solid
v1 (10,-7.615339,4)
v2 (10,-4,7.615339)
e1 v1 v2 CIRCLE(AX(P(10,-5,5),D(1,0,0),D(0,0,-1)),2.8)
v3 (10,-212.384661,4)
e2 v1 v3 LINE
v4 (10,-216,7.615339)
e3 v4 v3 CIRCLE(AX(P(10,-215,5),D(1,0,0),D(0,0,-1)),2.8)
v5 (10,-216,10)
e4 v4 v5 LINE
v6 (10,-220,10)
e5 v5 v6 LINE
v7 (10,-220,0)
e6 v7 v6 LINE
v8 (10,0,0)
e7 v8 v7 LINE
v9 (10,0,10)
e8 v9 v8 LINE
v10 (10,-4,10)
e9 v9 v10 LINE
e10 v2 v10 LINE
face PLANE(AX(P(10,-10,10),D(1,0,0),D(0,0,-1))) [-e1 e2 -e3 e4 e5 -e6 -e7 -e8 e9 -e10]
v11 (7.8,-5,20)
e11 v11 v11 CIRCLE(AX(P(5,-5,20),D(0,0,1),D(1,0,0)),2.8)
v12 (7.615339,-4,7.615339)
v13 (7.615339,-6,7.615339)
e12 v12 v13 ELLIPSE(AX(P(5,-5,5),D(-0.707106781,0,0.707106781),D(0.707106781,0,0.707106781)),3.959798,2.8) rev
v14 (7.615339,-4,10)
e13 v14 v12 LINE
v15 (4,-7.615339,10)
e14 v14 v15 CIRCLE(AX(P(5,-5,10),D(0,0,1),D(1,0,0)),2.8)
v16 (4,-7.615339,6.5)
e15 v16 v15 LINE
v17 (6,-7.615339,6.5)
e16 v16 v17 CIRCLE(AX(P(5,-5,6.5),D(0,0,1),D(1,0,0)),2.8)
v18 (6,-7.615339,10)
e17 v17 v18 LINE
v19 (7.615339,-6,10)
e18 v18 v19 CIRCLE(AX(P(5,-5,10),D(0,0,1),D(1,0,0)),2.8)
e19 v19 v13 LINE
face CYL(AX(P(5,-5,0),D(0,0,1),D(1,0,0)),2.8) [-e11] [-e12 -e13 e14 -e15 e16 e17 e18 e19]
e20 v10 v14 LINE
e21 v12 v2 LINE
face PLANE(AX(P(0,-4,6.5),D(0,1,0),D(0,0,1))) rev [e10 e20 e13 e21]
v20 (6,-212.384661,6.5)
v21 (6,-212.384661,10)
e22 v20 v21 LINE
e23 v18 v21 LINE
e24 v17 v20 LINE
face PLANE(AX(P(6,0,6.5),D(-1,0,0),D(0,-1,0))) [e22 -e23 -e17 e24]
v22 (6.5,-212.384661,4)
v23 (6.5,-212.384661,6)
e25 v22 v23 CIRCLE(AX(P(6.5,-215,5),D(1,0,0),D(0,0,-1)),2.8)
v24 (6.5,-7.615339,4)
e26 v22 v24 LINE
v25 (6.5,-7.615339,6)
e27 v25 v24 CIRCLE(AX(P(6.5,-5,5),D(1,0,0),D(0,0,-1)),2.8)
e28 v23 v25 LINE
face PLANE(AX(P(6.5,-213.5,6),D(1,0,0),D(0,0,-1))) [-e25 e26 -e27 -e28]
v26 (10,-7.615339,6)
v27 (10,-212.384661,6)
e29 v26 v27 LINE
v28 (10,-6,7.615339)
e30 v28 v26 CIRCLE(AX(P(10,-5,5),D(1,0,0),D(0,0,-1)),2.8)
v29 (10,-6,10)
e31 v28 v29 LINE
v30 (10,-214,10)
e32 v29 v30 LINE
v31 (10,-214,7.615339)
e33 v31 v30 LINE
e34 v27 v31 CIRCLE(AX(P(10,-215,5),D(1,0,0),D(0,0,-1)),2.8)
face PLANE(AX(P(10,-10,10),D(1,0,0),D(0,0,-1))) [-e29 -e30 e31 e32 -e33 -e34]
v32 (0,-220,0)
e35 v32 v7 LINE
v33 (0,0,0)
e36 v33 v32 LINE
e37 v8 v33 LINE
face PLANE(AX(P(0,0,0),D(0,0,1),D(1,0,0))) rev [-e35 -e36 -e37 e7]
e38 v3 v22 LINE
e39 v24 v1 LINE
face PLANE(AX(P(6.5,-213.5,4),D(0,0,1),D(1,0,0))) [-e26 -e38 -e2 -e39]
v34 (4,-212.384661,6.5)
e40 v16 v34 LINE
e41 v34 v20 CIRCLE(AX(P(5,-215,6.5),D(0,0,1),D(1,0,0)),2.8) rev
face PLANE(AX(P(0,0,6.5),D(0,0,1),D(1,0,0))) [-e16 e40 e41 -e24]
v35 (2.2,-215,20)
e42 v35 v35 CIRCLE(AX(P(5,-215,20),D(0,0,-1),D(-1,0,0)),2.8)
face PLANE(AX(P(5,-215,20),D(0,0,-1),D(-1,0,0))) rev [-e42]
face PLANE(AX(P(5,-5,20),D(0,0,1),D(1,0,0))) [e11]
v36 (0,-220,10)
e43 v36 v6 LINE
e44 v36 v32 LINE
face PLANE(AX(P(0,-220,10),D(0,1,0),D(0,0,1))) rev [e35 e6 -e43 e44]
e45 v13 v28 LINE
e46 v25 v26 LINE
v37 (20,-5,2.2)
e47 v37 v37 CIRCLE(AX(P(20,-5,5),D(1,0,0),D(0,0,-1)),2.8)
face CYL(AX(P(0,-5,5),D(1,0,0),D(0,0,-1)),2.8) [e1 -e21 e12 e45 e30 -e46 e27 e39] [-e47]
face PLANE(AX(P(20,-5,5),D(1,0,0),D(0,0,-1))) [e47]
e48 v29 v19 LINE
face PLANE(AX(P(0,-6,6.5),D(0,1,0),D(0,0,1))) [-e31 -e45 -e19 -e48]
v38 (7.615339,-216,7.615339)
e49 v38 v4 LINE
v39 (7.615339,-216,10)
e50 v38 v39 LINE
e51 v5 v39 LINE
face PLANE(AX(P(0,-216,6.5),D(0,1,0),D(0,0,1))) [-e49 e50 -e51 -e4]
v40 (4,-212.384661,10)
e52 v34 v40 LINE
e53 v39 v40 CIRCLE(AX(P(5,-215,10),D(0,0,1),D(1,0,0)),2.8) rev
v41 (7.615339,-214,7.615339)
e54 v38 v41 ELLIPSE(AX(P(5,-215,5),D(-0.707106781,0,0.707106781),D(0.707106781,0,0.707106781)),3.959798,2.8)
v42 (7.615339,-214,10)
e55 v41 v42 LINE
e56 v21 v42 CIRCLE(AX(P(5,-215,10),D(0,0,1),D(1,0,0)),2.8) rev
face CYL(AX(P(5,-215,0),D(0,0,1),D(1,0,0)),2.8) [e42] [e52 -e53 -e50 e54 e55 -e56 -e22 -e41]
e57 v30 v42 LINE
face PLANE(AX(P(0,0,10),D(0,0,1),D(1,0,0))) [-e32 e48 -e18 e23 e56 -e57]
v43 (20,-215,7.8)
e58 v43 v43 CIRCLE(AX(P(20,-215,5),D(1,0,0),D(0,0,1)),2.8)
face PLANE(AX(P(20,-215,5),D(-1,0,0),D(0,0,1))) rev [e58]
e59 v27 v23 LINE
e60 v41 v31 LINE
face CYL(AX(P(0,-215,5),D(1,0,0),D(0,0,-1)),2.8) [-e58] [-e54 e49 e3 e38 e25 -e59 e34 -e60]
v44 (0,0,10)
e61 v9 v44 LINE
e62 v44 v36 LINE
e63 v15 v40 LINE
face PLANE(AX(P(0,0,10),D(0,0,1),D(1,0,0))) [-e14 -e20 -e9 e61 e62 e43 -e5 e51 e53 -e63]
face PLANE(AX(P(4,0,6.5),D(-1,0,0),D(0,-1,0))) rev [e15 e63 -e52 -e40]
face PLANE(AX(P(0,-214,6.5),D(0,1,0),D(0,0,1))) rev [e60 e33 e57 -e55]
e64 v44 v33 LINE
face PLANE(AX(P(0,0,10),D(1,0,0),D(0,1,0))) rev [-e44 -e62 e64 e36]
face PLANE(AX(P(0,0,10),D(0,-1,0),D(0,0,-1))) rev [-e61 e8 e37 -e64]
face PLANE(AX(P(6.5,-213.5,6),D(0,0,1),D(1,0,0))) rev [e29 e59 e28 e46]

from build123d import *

# Parameters (mm, degrees)
CROQUIS2_W                   = 220
CROQUIS2_H                   = 220
CROQUIS2_W_2                 = 200
CROQUIS2_H_2                 = 200
SALIENTE_EXTRUIR1_DEPTH      = 10
CROQUIS3_W                   = 212
CROQUIS3_H                   = 212
CROQUIS3_W_2                 = 210
CROQUIS3_H_2                 = 210
CROQUIS3_W_3                 = 208
CROQUIS3_H_3                 = 208
CORTAR_EXTRUIR1_DEPTH        = 3.5
CROQUIS4_W                   = 10
CROQUIS4_H                   = 10
SALIENTE_EXTRUIR2_DEPTH      = 200
SALIENTE_EXTRUIR2_DEPTH_BACK = 10
CROQUIS6_W                   = 3.5
CROQUIS6_H                   = 2
CROQUIS6_W_2                 = 2
CROQUIS6_H_2                 = 3.5
CROQUIS6_W_3                 = 1.99805467
CORTAR_EXTRUIR2_DEPTH        = 203.5
CROQUIS7_W                   = 220
CROQUIS7_H                   = 220
CROQUIS7_W_2                 = 200
CROQUIS7_H_2                 = 200
SALIENTE_EXTRUIR3_DEPTH      = 10
CORTAR_EXTRUIR3_START        = -3.5
CROQUIS8_W                   = 207
CROQUIS8_H                   = 2
CORTAR_EXTRUIR3_DEPTH        = 207
MATRIZC1_COUNT               = 4
CROQUIS9_W                   = 86
CROQUIS9_H                   = 16
BRAZOS_DEPTH                 = 10
MATRIZC2_COUNT               = 4
CROQUIS10_W                  = 237.555255491
CROQUIS10_H                  = 247.362549521
CORTAR_EXTRUIR4_DEPTH        = 221
CROQUIS11_W                  = 253.49457107
CROQUIS11_H                  = 258.277976667
CORTAR_EXTRUIR5_DEPTH        = 11
SALIENTE_EXTRUIR4_START      = -6
CROQUIS12_R                  = 2.8
SALIENTE_EXTRUIR4_DEPTH      = 16
CROQUIS13_R                  = 2.8
SALIENTE_EXTRUIR5_DEPTH      = 10
SALIENTE_EXTRUIR5_DEPTH_BACK = 10


with BuildPart() as part:
    # Croquis2 → Saliente-Extruir1 (new body)
    with BuildSketch(Plane.XY):
        with Locations((110, -110)):
            Rectangle(CROQUIS2_W, CROQUIS2_H)
        with Locations((110, -110)):
            Rectangle(CROQUIS2_W_2, CROQUIS2_H_2, mode=Mode.SUBTRACT)
    extrude(amount=SALIENTE_EXTRUIR1_DEPTH)

    # Croquis3 → Cortar-Extruir1 (cut)
    with BuildSketch(Plane.XY.offset(10)):
        with Locations((110, -110)):
            Rectangle(CROQUIS3_W, CROQUIS3_H)
        with Locations((110, -110)):
            Rectangle(CROQUIS3_W_2, CROQUIS3_H_2, mode=Mode.SUBTRACT)
        with Locations((110, -110)):
            Rectangle(CROQUIS3_W_2, CROQUIS3_H_2)
        with Locations((110, -110)):
            Rectangle(CROQUIS3_W_3, CROQUIS3_H_3, mode=Mode.SUBTRACT)
    extrude(amount=-CORTAR_EXTRUIR1_DEPTH, mode=Mode.SUBTRACT)

    # Croquis4 → Saliente-Extruir2 (add, two sides)
    with BuildSketch(Plane.XY.offset(10)) as saliente_extruir2_sk:
        with Locations((5, -5)):
            Rectangle(CROQUIS4_W, CROQUIS4_H)
        with Locations((215, -5)):
            Rectangle(CROQUIS4_W, CROQUIS4_H)
        with Locations((215, -215)):
            Rectangle(CROQUIS4_W, CROQUIS4_H)
        with Locations((5, -215)):
            Rectangle(CROQUIS4_W, CROQUIS4_H)
    extrude(amount=SALIENTE_EXTRUIR2_DEPTH)
    extrude(saliente_extruir2_sk.sketch, amount=-SALIENTE_EXTRUIR2_DEPTH_BACK)

    # Croquis6 → Cortar-Extruir2 (cut)
    with BuildSketch(Plane.XY.offset(210)):
        with Locations((8.25, -5)):
            Rectangle(CROQUIS6_W, CROQUIS6_H)
        with Locations((5, -8.25)):
            Rectangle(CROQUIS6_W_2, CROQUIS6_H_2)
        with Locations((211.75, -5)):
            Rectangle(CROQUIS6_W, CROQUIS6_H)
        with Locations((215, -8.25)):
            Rectangle(CROQUIS6_W_2, CROQUIS6_H_2)
        with Locations((211.75, -215)):
            Rectangle(CROQUIS6_W, CROQUIS6_H)
        with Locations((215.000972665, -211.75)):
            Rectangle(CROQUIS6_W_3, CROQUIS6_H_2)
        with Locations((5, -211.75)):
            Rectangle(CROQUIS6_W_2, CROQUIS6_H_2)
        with Locations((8.25, -215)):
            Rectangle(CROQUIS6_W, CROQUIS6_H)
    extrude(amount=-CORTAR_EXTRUIR2_DEPTH, mode=Mode.SUBTRACT)

    # Croquis7 → Saliente-Extruir3 (add)
    with BuildSketch(Plane.XY.offset(210)):
        with Locations((110, -110)):
            Rectangle(CROQUIS7_W, CROQUIS7_H)
        with Locations((110, -110)):
            Rectangle(CROQUIS7_W_2, CROQUIS7_H_2, mode=Mode.SUBTRACT)
    extrude(amount=SALIENTE_EXTRUIR3_DEPTH)

    # Croquis8 → Cortar-Extruir3 (cut)
    with BuildSketch(Plane(origin=(0, -210, 0), x_dir=(1, 0, 0), z_dir=(0, 1, 0)).offset(CORTAR_EXTRUIR3_START)):
        with Locations((110, -215)):
            Rectangle(CROQUIS8_W, CROQUIS8_H)
    cortar_extruir3 = extrude(amount=CORTAR_EXTRUIR3_DEPTH, mode=Mode.SUBTRACT)

    # MatrizC1: Cortar-Extruir3 ×4 about axis
    matrizc1_axis = Axis((0, -110, 110), (1, 0, 0))
    for i in range(1, MATRIZC1_COUNT):
        add(cortar_extruir3.rotate(matrizc1_axis, i * 360 / MATRIZC1_COUNT), mode=Mode.SUBTRACT)

    # Croquis9 → Brazos (add)
    with BuildSketch(Plane.XY.offset(220)):
        with Locations((43, -110)):
            Rectangle(CROQUIS9_W, CROQUIS9_H)
        with BuildLine():
            ThreePointArc((71.801526277, -112.25), (69.551526277, -110), (71.801526277, -107.75))
            Line((71.801526277, -107.75), (75, -107.75))
            ThreePointArc((75, -107.75), (77.25, -110), (75, -112.25))
            Line((75, -112.25), (71.801526277, -112.25))
        make_face(mode=Mode.SUBTRACT)
        with Locations((177, -110)):
            Rectangle(CROQUIS9_W, CROQUIS9_H)
        with BuildLine():
            Line((145, -107.75), (148.198473723, -107.75))
            ThreePointArc((148.198473723, -107.75), (150.448473723, -110), (148.198473723, -112.25))
            Line((148.198473723, -112.25), (145, -112.25))
            ThreePointArc((145, -112.25), (142.75, -110), (145, -107.75))
        make_face(mode=Mode.SUBTRACT)
    extrude(amount=-BRAZOS_DEPTH)

    # MatrizC2: Cortar-Extruir3 ×4 about axis
    matrizc2_axis = Axis((110, 0, 110), (0, 1, 0))
    for i in range(1, MATRIZC2_COUNT):
        add(cortar_extruir3.rotate(matrizc2_axis, i * 360 / MATRIZC2_COUNT), mode=Mode.SUBTRACT)

    # Croquis10 → Cortar-Extruir4 (cut, through all)
    with BuildSketch(Plane.ZY):
        with Locations((128.777627746, -111.472396129)):
            Rectangle(CROQUIS10_W, CROQUIS10_H)
    extrude(amount=-CORTAR_EXTRUIR4_DEPTH, mode=Mode.SUBTRACT)

    # Croquis11 → Cortar-Extruir5 (cut, through all)
    with BuildSketch(Plane.XY.offset(10)):
        with Locations((136.747285535, -106.715640527)):
            Rectangle(CROQUIS11_W, CROQUIS11_H)
    extrude(amount=-CORTAR_EXTRUIR5_DEPTH, mode=Mode.SUBTRACT)

    # Croquis12 → Saliente-Extruir4 (add)
    with BuildSketch(Plane.XY.offset(10).offset(SALIENTE_EXTRUIR4_START)):
        with Locations((5, -5)):
            Circle(CROQUIS12_R)
        with Locations((5, -215)):
            Circle(CROQUIS12_R)
    extrude(amount=SALIENTE_EXTRUIR4_DEPTH)

    # Croquis13 → Saliente-Extruir5 (add, two sides)
    with BuildSketch(Plane(origin=(10, 0, 0), x_dir=(0, 0, -1), z_dir=(1, 0, 0))) as saliente_extruir5_sk:
        with Locations((-5, -5)):
            Circle(CROQUIS13_R)
        with Locations((-5, -215)):
            Circle(CROQUIS13_R)
    extrude(amount=SALIENTE_EXTRUIR5_DEPTH)
    extrude(saliente_extruir5_sk.sketch, amount=-SALIENTE_EXTRUIR5_DEPTH_BACK)


solid = part.part
